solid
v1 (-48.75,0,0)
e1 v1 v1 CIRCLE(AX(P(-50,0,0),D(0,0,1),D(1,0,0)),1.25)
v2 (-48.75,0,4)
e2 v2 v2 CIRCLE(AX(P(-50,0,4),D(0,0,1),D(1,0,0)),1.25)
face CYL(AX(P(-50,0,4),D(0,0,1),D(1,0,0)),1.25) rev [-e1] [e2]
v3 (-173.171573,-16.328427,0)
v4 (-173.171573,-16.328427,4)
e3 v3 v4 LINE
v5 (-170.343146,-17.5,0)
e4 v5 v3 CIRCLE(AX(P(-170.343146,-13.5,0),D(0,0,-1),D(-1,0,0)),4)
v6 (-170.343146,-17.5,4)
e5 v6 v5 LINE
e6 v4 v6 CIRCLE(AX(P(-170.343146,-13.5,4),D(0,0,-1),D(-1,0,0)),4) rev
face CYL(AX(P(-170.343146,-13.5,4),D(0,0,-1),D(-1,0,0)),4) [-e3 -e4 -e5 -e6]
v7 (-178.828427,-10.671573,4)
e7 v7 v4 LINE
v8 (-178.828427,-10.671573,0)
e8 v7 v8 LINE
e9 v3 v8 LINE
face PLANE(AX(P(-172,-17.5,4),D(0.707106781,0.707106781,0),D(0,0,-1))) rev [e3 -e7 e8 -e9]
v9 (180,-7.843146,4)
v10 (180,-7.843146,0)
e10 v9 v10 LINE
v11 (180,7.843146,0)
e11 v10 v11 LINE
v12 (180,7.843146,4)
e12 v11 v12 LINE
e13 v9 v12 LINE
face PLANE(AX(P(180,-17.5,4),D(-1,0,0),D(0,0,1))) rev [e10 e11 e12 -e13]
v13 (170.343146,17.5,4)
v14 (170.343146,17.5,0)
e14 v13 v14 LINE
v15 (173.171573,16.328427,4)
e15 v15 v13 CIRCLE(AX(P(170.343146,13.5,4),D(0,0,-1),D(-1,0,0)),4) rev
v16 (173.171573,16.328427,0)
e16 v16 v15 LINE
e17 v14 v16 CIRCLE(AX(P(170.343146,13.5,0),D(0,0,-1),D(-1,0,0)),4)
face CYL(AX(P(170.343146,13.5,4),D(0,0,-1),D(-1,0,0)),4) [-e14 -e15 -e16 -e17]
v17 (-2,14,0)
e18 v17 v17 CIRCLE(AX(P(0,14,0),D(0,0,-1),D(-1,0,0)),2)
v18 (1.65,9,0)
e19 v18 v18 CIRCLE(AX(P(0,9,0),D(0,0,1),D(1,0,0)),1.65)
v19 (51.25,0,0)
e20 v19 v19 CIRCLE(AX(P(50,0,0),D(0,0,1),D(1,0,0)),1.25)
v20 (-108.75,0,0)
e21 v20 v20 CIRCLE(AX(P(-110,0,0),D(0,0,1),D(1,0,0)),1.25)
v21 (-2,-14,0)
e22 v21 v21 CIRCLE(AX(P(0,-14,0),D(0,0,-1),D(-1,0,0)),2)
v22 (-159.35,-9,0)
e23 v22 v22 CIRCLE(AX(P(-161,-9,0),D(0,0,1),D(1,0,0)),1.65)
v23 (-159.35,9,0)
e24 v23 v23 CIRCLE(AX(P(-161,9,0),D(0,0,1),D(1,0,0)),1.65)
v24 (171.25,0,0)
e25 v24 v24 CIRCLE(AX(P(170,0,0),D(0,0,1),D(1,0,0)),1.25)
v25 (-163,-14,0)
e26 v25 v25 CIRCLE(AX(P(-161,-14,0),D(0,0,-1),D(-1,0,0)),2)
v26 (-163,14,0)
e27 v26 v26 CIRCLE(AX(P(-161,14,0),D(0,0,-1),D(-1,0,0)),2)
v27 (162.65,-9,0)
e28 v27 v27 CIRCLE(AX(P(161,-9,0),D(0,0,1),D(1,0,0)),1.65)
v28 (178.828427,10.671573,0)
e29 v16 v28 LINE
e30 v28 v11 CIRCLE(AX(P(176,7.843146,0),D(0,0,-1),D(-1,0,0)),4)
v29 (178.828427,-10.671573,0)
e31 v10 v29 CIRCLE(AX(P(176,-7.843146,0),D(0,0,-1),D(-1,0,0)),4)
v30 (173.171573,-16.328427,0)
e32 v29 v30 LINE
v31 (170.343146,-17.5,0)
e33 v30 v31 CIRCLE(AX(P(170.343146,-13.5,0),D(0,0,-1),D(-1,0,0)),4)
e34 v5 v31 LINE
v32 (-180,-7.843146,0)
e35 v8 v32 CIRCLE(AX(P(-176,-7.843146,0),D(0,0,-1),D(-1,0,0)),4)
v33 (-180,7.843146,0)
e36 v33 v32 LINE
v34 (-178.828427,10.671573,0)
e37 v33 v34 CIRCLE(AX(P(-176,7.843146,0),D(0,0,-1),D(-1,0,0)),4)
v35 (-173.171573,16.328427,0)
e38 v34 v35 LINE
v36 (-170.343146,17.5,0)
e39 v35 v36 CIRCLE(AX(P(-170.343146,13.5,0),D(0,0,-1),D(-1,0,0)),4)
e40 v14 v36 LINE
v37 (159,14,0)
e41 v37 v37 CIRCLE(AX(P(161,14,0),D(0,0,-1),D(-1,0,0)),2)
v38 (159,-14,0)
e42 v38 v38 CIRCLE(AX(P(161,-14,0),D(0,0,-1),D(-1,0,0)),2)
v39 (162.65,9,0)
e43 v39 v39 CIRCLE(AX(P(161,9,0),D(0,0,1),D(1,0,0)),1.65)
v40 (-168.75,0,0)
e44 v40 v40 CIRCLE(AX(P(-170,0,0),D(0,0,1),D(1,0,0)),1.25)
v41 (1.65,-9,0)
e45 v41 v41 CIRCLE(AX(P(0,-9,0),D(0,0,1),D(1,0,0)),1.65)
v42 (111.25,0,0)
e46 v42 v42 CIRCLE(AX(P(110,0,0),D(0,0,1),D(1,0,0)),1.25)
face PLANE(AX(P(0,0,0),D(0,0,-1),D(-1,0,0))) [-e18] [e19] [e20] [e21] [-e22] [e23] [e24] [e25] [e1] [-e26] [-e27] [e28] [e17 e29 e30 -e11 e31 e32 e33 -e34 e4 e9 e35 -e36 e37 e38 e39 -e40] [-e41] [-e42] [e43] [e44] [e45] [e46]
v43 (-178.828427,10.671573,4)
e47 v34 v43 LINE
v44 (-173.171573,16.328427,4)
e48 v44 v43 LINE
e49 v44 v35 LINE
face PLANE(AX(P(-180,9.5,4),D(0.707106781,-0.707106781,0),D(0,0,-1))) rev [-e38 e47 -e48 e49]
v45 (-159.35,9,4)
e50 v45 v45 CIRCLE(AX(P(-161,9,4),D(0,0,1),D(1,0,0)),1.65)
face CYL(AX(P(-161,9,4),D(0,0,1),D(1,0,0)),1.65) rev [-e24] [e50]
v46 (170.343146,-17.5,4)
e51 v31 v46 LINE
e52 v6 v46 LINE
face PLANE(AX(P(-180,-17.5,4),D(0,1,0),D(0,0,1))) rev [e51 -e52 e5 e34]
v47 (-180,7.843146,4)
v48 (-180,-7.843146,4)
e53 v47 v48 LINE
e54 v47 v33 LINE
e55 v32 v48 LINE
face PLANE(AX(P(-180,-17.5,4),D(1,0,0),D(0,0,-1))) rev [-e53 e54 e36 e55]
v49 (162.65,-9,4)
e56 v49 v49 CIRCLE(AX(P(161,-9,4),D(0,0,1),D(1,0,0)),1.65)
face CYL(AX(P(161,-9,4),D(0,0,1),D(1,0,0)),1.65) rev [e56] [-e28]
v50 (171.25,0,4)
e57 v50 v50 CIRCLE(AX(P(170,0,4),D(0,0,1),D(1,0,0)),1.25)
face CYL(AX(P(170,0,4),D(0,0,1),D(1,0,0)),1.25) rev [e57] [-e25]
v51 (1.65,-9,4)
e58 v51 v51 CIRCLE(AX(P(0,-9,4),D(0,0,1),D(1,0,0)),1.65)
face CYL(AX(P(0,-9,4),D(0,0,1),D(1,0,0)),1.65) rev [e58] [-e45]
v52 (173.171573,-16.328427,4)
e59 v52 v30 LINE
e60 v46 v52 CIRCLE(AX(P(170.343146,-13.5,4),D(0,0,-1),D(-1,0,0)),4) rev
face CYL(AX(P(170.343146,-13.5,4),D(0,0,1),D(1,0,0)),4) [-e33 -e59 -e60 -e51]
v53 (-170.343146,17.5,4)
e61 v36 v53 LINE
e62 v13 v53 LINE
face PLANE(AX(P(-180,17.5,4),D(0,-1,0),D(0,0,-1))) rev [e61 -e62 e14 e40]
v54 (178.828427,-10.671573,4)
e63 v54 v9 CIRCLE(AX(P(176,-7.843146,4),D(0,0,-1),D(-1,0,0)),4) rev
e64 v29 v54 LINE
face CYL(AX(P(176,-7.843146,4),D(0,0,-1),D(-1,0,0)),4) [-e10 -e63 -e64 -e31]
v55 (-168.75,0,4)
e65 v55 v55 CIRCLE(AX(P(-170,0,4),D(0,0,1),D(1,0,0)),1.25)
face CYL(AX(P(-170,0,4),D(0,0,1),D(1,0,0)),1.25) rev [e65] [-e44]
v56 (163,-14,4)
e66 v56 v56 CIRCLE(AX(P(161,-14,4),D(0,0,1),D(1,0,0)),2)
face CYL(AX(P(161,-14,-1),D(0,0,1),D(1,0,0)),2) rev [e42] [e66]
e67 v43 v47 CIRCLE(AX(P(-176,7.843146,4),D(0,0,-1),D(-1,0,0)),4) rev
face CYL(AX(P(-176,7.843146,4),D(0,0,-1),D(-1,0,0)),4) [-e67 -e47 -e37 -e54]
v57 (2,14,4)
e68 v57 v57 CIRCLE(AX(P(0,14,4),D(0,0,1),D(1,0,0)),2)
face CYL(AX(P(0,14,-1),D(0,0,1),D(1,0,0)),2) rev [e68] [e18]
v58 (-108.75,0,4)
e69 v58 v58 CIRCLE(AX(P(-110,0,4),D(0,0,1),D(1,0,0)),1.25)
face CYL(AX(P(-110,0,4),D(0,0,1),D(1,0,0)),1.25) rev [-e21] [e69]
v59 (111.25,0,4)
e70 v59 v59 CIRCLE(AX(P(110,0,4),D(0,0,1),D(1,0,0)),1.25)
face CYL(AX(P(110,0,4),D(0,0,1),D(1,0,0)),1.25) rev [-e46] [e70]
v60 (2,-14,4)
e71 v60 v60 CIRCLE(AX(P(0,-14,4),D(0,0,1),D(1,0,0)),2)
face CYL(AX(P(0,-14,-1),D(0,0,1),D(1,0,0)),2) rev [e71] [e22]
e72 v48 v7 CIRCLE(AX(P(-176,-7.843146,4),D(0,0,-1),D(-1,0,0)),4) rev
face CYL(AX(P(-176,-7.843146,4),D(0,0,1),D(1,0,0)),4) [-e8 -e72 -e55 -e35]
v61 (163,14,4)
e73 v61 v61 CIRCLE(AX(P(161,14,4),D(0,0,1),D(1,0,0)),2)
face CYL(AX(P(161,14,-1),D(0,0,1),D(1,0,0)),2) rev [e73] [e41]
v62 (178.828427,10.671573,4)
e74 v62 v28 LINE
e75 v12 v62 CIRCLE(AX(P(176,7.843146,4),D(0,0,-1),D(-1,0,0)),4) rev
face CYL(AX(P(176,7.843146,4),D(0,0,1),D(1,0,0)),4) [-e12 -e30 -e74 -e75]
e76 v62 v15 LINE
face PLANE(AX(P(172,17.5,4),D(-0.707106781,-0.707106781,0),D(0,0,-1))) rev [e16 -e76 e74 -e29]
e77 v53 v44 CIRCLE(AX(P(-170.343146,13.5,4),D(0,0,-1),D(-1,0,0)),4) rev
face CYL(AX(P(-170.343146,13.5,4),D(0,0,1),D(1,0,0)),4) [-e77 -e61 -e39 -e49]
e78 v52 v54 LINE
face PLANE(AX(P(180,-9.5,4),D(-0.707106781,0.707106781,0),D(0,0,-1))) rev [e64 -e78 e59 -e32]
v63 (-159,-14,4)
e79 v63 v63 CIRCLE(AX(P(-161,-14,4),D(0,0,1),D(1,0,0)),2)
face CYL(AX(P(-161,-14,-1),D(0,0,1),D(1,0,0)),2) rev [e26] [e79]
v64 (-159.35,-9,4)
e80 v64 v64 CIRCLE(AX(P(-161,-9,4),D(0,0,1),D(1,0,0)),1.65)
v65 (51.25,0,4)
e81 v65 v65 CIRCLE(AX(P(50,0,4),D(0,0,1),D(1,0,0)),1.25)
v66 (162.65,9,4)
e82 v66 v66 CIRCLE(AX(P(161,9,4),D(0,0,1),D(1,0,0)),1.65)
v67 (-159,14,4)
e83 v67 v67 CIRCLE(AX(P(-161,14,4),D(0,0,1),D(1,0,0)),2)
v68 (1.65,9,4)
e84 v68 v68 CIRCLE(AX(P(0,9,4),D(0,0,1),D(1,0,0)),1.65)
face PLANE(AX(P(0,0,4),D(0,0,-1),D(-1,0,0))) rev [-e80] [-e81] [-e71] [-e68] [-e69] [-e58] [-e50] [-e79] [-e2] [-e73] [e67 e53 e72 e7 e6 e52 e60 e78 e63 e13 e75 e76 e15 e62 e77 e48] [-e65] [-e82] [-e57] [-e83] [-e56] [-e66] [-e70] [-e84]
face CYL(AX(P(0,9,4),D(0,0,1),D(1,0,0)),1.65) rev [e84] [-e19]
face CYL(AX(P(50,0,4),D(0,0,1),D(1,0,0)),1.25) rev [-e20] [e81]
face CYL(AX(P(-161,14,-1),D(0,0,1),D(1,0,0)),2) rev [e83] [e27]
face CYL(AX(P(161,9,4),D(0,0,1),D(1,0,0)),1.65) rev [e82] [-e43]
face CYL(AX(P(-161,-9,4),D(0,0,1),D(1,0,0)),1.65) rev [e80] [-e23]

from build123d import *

# Parameters (mm, degrees)
CROQUIS1_W                                 = 360
CROQUIS1_H                                 = 35
SALIENTE_EXTRUIR1_DEPTH                    = 4
CROQUIS2_R                                 = 2
CORTAR_EXTRUIR1_DEPTH                      = 5
PERFORADOR_PARA_ROSCAR_PARA_MACHO_DE_ROS_D = 3.3
TALADRO_ROSCADO_M31_D                      = 2.5
CHAFL_N1_SIZE                              = 8
REDONDEO2_R                                = 4


with BuildPart() as part:
    # Croquis1 → Saliente-Extruir1 (new body)
    with BuildSketch(Plane.XY):
        Rectangle(CROQUIS1_W, CROQUIS1_H)
    extrude(amount=SALIENTE_EXTRUIR1_DEPTH)

    # Croquis2 → Cortar-Extruir1 (cut)
    with BuildSketch(Plane.XY.offset(4)):
        with Locations((0, 14)):
            Circle(CROQUIS2_R)
        with Locations((0, -14)):
            Circle(CROQUIS2_R)
        with Locations((161, 14)):
            Circle(CROQUIS2_R)
        with Locations((161, -14)):
            Circle(CROQUIS2_R)
        with Locations((-161, 14)):
            Circle(CROQUIS2_R)
        with Locations((-161, -14)):
            Circle(CROQUIS2_R)
    extrude(amount=-CORTAR_EXTRUIR1_DEPTH, mode=Mode.SUBTRACT)

    # Perforador para roscar para macho de roscar para M41 (through all)
    with Locations(Plane(origin=(-161, 9, 4), x_dir=(1, 0, 0), z_dir=(0, 0, 1))):
        with Locations((0, 0), (0, -18), (161, 0), (161, -18), (322, 0), (322, -18)):
            Hole(PERFORADOR_PARA_ROSCAR_PARA_MACHO_DE_ROS_D / 2)

    # Taladro roscado M31 (through all)
    with Locations(Plane.XY.offset(4)):
        with Locations((-170, 0), (-110, 0), (-50, 0), (50, 0), (110, 0), (170, 0)):
            Hole(TALADRO_ROSCADO_M31_D / 2)

    # Chaflán1
    chafl_n1_edges = [part.edges().sort_by_distance(p)[0] for p in [
        (180, -17.5, 2),
        (-180, -17.5, 2),
        (-180, 17.5, 2),
        (180, 17.5, 2),
    ]]
    chamfer(chafl_n1_edges, length=CHAFL_N1_SIZE)

    # Redondeo2
    redondeo2_edges = [part.edges().sort_by_distance(p)[0] for p in [
        (180, 9.5, 2),
        (180, -9.5, 2),
        (-172, -17.5, 2),
        (172, -17.5, 2),
        (-172, 17.5, 2),
        (172, 17.5, 2),
        (-180, 9.5, 2),
        (-180, -9.5, 2),
    ]]
    fillet(redondeo2_edges, radius=REDONDEO2_R)


solid = part.part
